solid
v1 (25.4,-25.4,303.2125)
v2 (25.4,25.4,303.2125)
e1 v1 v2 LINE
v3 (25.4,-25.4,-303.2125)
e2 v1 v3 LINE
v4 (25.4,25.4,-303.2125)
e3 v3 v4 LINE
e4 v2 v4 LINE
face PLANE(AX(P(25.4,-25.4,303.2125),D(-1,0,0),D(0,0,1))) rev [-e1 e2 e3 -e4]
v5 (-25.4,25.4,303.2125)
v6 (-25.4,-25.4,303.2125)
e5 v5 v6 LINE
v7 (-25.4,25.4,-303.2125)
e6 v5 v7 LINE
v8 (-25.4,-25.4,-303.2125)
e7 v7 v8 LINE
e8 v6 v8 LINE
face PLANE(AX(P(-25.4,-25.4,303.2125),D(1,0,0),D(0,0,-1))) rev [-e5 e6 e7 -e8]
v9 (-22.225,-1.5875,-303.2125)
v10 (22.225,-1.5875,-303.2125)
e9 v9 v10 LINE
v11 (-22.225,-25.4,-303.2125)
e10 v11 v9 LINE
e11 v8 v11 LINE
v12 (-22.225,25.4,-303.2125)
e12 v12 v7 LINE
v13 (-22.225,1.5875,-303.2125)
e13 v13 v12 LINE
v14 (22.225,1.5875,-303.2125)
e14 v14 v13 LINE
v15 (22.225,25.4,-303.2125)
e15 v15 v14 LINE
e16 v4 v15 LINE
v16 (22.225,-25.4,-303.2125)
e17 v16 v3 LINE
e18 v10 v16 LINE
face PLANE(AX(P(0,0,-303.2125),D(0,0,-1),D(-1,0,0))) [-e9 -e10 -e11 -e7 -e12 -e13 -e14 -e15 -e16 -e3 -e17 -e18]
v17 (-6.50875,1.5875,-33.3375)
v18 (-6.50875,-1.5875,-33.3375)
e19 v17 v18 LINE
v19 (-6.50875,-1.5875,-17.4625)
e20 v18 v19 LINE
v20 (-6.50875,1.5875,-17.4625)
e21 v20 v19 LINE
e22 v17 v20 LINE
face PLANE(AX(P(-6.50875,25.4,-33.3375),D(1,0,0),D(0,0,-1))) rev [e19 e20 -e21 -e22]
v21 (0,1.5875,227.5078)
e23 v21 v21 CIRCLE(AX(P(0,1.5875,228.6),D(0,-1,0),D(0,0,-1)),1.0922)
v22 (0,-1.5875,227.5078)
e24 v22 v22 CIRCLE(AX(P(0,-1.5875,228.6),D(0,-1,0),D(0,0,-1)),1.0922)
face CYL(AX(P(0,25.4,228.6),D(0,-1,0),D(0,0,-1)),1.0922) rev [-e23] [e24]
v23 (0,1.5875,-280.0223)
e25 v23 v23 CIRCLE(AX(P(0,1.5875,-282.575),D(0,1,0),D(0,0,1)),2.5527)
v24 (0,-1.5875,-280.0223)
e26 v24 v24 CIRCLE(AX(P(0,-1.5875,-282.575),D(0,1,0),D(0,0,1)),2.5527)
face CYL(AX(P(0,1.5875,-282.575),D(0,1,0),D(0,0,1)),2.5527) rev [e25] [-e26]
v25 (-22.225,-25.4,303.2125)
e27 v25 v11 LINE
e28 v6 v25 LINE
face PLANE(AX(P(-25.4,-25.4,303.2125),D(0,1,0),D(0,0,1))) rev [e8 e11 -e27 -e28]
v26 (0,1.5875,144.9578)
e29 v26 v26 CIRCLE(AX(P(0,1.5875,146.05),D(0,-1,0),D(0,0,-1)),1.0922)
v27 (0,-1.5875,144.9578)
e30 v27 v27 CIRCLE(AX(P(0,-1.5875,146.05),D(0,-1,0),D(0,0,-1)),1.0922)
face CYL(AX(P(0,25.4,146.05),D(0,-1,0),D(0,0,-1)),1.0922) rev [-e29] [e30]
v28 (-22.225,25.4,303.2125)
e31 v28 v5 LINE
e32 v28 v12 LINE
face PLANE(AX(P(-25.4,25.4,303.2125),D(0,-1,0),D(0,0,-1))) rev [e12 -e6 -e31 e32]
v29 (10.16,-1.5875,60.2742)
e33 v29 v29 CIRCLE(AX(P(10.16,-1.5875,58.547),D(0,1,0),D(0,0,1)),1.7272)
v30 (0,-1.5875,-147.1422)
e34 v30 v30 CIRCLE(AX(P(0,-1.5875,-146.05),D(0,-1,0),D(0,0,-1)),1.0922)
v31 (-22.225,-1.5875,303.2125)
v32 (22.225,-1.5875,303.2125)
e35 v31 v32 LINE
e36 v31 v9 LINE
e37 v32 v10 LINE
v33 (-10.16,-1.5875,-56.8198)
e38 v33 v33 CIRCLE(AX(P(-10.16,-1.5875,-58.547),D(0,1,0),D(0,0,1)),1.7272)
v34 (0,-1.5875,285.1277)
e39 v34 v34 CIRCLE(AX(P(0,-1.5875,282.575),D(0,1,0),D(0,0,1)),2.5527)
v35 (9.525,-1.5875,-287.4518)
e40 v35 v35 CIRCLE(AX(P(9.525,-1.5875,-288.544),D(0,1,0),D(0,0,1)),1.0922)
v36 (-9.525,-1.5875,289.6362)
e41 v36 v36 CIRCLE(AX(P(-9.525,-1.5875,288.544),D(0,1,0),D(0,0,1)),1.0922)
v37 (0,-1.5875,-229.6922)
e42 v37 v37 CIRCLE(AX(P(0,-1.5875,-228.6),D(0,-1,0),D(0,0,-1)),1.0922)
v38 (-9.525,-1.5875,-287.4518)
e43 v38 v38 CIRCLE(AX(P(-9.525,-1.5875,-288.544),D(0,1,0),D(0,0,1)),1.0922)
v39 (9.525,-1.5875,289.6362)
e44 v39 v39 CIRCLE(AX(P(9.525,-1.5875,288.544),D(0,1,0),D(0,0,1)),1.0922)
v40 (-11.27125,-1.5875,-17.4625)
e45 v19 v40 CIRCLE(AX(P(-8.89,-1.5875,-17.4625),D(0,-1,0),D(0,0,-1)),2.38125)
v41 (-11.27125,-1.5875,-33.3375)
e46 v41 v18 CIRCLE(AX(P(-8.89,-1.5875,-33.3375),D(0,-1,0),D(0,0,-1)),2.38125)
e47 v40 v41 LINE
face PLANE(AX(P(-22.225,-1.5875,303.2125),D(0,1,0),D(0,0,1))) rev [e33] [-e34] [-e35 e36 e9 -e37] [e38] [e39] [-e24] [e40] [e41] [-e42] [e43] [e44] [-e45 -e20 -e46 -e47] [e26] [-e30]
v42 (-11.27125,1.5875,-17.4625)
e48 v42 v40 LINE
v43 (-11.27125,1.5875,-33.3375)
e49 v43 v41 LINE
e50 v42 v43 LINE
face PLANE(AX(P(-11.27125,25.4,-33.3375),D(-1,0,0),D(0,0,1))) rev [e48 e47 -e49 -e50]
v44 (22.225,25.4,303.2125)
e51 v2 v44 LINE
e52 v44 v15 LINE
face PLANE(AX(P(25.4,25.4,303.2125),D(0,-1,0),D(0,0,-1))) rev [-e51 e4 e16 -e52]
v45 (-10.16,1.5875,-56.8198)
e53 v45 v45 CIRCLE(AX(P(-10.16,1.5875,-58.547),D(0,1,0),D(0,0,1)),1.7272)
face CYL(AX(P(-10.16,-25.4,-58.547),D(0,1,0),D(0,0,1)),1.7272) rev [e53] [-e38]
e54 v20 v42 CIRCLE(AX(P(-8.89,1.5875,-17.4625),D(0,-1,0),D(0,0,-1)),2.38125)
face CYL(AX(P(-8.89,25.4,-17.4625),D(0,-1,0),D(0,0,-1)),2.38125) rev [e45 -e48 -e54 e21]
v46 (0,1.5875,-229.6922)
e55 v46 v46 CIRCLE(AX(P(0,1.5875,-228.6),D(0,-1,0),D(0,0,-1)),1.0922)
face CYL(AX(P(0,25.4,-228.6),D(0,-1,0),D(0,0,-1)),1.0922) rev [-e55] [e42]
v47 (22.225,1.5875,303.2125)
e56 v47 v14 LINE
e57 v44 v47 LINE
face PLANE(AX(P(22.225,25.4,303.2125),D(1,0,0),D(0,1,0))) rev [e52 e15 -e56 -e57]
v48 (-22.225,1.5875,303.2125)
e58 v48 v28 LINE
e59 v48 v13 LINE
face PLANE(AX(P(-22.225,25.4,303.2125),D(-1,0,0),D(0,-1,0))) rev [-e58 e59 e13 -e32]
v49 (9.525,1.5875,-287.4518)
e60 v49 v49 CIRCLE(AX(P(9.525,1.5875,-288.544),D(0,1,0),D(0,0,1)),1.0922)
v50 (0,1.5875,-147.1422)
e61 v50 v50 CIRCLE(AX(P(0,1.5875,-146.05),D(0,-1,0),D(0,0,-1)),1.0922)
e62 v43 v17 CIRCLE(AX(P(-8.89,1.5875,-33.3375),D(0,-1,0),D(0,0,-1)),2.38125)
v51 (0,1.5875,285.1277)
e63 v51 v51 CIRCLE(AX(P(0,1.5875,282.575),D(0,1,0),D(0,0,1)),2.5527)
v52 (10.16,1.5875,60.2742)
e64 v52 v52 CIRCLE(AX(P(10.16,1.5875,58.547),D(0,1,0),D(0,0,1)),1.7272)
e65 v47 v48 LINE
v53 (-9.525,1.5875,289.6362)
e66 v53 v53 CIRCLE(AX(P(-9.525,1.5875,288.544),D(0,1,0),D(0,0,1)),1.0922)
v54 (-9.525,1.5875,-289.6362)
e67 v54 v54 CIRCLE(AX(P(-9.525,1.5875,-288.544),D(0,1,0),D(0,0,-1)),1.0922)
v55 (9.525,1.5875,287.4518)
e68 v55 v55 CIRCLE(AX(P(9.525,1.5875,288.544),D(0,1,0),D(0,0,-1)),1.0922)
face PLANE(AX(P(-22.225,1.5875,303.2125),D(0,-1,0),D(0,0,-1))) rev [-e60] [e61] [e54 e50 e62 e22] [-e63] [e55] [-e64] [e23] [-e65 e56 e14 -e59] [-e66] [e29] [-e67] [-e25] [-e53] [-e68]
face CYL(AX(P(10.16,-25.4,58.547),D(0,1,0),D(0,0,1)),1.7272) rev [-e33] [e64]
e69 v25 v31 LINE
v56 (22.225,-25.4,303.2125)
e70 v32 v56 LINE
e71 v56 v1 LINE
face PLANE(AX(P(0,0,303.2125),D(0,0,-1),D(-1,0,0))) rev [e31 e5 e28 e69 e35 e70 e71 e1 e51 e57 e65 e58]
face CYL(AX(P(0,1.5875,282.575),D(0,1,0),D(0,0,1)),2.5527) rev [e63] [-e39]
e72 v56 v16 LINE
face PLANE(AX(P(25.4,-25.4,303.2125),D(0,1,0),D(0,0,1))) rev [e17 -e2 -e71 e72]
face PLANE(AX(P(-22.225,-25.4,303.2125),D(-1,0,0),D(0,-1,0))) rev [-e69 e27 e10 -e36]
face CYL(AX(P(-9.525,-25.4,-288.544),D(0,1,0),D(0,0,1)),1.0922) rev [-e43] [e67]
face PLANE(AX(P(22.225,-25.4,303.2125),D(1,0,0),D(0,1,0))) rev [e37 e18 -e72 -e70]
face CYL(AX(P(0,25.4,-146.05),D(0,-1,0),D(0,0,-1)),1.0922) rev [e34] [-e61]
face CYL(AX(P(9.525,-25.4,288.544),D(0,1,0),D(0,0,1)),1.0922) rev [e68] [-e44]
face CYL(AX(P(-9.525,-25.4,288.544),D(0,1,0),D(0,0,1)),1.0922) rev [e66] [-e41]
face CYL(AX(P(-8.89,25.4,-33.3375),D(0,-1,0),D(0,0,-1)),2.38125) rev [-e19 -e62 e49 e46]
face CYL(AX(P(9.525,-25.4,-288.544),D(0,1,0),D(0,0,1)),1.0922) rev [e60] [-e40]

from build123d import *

# Parameters (mm, degrees)
EXTRUSION_PROFILE_DEPTH                      = 303.2125
SKETCH3_R                                    = 1.7272
THRU_HOLES_FOR_DRIVER_ENCLOSURE_DEPTH        = 27.9875
WIRE_ROUTING_SLOT_DEPTH                      = 27.9875
SKETCH5_R                                    = 1.0922
F_4_40_TAPPED_HOLES_FOR_MAGNETIC_CATCH_DEPTH = 27.9875
F_1_4_20_TAPPED_HOLE_FOR_MOUNTING_BRACKET_D  = 5.1054
SKETCH9_R                                    = 1.0922
F_4_40_TAPPED_HOLES_FOR_LED_BOARD_DEPTH      = 27.9875


with BuildPart() as part:
    # Sketch1 → Extrusion Profile (new body, symmetric)
    with BuildSketch(Plane.XY):
        Polygon((-25.4, -25.4), (-25.4, 25.4), (-22.225, 25.4), (-22.225, 1.5875), (22.225, 1.5875), (22.225, 25.4), (25.4, 25.4), (25.4, -25.4), (22.225, -25.4), (22.225, -1.5875), (-22.225, -1.5875), (-22.225, -25.4), align=None)
    extrude(amount=EXTRUSION_PROFILE_DEPTH, both=True)

    # Sketch3 → Thru Holes for Driver Enclosure (cut, through all)
    with BuildSketch(Plane(origin=(0, 1.5875, 0), x_dir=(1, 0, 0), z_dir=(0, 1, 0))):
        with Locations((10.16, -58.547)):
            Circle(SKETCH3_R)
        with Locations((-10.16, 58.547)):
            Circle(SKETCH3_R)
    extrude(amount=-THRU_HOLES_FOR_DRIVER_ENCLOSURE_DEPTH, mode=Mode.SUBTRACT)

    # Sketch4 → Wire Routing Slot (cut, through all)
    with BuildSketch(Plane.XZ.offset(1.5875)):
        with BuildLine():
            Line((-11.27125, -33.3375), (-11.27125, -17.4625))
            ThreePointArc((-11.27125, -17.4625), (-8.89, -15.08125), (-6.50875, -17.4625))
            Line((-6.50875, -17.4625), (-6.50875, -33.3375))
            ThreePointArc((-6.50875, -33.3375), (-8.89, -35.71875), (-11.27125, -33.3375))
        make_face()
    extrude(amount=-WIRE_ROUTING_SLOT_DEPTH, mode=Mode.SUBTRACT)

    # Sketch5 → 4-40 Tapped Holes for Magnetic Catch (cut, through all)
    with BuildSketch(Plane(origin=(0, 1.5875, 0), x_dir=(1, 0, 0), z_dir=(0, 1, 0))):
        with Locations((-9.525, -288.544)):
            Circle(SKETCH5_R)
        with Locations((9.525, -288.544)):
            Circle(SKETCH5_R)
        with Locations((9.525, 288.544)):
            Circle(SKETCH5_R)
        with Locations((-9.525, 288.544)):
            Circle(SKETCH5_R)
    extrude(amount=-F_4_40_TAPPED_HOLES_FOR_MAGNETIC_CATCH_DEPTH, mode=Mode.SUBTRACT)

    # 1/4-20 Tapped Hole for Mounting Bracket (through all)
    with Locations(Plane(origin=(0, 1.5875, 0), x_dir=(1, 0, 0), z_dir=(0, 1, 0))):
        with Locations((0, -282.575)):
            f_1_4_20_tapped_hole_for_mounting_bracket = Hole(F_1_4_20_TAPPED_HOLE_FOR_MOUNTING_BRACKET_D / 2)

    # Mirror1: 1/4-20 Tapped Hole for Mounting Bracket across plane
    add(f_1_4_20_tapped_hole_for_mounting_bracket.mirror(Plane.XY), mode=Mode.SUBTRACT)

    # Sketch9 → 4-40 Tapped Holes for LED Board (cut, through all)
    with BuildSketch(Plane.XZ.offset(1.5875)):
        with Locations((0, -228.6)):
            Circle(SKETCH9_R)
        with Locations((0, -146.05)):
            Circle(SKETCH9_R)
        with Locations((0, 146.05)):
            Circle(SKETCH9_R)
        with Locations((0, 228.6)):
            Circle(SKETCH9_R)
    extrude(amount=-F_4_40_TAPPED_HOLES_FOR_LED_BOARD_DEPTH, mode=Mode.SUBTRACT)


solid = part.part
